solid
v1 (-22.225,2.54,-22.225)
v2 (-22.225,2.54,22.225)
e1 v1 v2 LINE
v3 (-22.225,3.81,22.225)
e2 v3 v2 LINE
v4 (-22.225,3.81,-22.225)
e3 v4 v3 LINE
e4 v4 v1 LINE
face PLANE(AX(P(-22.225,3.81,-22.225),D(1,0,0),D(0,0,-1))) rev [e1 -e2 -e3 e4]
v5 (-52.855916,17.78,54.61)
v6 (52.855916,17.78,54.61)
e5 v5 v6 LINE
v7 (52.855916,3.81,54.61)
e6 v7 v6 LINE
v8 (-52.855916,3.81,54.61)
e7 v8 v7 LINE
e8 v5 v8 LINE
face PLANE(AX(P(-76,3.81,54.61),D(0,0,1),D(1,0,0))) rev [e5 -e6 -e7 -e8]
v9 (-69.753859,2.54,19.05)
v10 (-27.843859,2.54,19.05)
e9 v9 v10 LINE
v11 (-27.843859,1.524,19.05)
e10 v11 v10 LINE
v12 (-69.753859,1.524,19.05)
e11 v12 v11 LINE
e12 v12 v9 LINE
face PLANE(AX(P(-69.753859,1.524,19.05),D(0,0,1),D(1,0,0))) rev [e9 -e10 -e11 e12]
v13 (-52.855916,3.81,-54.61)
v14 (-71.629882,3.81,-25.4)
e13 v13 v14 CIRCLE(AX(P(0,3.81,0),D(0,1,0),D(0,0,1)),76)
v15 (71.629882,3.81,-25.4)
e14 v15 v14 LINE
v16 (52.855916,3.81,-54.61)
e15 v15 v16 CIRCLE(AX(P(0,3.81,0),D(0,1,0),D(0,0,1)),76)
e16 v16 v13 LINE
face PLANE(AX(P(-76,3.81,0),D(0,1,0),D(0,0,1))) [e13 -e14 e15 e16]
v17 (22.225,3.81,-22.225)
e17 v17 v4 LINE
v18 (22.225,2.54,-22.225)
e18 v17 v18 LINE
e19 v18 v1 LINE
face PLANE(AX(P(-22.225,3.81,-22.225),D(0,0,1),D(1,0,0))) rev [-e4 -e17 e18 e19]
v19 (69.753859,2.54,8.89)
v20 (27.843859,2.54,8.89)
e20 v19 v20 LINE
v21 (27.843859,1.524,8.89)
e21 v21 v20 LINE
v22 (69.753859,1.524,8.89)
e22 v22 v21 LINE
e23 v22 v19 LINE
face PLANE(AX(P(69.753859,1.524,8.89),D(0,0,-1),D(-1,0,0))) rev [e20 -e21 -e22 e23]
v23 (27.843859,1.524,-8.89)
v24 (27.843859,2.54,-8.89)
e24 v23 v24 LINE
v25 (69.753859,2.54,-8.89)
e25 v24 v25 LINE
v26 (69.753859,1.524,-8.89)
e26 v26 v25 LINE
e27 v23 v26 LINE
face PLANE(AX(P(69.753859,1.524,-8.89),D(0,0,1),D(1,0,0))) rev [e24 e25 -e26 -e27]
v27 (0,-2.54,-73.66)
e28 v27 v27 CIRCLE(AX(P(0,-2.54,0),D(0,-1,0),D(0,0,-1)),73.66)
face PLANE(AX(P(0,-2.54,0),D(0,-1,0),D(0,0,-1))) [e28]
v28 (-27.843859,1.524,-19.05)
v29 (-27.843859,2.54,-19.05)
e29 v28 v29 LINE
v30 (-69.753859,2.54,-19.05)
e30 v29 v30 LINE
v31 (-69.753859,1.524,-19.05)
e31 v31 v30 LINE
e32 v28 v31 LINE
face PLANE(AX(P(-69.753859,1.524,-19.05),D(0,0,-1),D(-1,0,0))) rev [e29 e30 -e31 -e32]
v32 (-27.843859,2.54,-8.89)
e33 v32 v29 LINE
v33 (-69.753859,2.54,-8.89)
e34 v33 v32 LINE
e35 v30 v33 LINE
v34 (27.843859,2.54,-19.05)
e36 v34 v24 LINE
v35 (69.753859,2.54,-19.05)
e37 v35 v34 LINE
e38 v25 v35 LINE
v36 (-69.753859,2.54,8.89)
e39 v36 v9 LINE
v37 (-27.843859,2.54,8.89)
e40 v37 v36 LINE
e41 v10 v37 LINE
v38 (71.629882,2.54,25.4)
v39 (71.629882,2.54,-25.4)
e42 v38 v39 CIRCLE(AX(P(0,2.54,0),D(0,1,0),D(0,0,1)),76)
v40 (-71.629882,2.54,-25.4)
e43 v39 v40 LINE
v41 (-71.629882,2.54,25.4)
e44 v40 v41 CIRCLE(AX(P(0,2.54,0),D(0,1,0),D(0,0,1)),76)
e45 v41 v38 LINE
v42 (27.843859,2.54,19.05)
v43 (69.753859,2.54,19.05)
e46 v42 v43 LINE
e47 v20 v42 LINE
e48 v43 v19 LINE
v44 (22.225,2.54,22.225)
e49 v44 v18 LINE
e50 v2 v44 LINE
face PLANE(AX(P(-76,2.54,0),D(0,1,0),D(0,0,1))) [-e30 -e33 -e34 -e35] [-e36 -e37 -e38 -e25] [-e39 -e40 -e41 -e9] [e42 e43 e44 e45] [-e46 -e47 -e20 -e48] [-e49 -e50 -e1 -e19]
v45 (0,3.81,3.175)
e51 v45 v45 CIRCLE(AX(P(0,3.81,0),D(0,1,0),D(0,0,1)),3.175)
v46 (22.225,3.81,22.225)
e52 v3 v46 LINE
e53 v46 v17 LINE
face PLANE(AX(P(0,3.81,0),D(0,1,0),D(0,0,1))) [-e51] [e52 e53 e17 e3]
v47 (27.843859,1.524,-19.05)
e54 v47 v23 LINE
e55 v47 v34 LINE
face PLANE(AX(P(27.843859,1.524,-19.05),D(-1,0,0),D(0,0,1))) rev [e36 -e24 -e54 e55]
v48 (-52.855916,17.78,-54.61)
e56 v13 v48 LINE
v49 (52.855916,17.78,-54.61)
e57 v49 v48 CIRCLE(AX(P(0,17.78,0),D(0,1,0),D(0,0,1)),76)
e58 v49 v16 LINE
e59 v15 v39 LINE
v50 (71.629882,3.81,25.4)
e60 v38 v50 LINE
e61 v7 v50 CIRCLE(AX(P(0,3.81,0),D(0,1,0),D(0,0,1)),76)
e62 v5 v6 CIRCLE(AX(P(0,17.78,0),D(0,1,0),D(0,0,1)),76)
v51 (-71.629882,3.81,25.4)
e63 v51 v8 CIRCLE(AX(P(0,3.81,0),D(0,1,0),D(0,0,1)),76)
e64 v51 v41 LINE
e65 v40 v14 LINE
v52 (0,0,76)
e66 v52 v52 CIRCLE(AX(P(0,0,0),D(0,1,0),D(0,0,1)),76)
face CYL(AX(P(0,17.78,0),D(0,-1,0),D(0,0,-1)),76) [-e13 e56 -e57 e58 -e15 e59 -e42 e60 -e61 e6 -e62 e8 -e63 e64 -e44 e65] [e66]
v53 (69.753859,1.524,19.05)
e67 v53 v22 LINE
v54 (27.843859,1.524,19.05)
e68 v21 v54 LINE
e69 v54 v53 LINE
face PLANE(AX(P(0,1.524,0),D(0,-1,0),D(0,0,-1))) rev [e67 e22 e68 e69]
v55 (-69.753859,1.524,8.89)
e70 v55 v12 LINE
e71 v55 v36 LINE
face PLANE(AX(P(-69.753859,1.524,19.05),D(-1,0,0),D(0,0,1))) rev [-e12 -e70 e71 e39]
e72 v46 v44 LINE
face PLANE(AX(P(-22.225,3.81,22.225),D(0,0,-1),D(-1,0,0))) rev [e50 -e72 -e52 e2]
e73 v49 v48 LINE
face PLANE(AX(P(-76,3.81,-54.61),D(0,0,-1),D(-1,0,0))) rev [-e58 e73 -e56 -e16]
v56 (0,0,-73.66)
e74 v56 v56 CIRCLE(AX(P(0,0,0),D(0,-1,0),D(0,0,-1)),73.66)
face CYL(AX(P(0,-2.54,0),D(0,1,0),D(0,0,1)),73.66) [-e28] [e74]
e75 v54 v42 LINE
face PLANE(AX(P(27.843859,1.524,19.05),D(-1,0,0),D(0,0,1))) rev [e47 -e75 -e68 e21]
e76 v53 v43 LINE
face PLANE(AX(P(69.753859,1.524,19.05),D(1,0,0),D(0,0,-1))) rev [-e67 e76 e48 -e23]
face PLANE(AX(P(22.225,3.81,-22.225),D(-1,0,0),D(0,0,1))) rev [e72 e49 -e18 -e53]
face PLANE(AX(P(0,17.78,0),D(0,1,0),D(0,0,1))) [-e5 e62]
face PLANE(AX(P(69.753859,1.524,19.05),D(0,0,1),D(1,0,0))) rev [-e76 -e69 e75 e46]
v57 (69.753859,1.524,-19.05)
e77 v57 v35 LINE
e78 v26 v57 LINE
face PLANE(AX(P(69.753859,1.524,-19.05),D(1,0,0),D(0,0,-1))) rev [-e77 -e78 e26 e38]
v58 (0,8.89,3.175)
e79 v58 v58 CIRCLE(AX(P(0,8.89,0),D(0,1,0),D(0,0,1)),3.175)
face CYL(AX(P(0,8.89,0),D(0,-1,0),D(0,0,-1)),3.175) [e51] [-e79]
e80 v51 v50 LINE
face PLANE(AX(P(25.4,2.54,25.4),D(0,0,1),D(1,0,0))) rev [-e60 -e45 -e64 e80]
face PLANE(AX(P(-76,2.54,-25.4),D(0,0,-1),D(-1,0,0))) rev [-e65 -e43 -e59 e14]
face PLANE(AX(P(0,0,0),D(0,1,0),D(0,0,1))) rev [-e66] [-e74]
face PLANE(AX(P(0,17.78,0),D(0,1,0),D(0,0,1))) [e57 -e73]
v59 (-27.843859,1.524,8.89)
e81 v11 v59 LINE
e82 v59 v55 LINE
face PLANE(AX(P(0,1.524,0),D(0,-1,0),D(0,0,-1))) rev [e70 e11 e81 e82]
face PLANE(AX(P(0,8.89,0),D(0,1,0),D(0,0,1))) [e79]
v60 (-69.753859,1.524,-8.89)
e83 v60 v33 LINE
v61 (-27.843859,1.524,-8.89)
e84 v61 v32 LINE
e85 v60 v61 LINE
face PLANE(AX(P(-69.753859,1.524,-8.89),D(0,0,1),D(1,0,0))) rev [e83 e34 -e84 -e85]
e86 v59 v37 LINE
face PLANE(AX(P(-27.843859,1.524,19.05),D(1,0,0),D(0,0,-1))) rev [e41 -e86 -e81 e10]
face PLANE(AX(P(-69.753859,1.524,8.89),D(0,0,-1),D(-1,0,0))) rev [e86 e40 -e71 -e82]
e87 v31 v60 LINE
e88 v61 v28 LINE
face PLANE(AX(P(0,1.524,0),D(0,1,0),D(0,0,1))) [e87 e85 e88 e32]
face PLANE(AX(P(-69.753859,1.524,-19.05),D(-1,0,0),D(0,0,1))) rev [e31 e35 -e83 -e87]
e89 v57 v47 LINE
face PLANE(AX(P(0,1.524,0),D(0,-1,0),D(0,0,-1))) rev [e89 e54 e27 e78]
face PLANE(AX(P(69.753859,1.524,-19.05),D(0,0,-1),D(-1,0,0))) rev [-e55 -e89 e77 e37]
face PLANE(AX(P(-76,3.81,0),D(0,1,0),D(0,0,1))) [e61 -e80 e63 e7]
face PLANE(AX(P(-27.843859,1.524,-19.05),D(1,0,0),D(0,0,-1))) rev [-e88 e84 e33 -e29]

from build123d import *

# Parameters (mm, degrees)
SKETCH2_R           = 76
BOSS_EXTRUDE1_DEPTH = 17.78
CUT_EXTRUDE3_DEPTH  = 13.97
CUT_EXTRUDE5_DEPTH  = 1.27
SKETCH10_W          = 41.91
SKETCH10_H          = 10.16
CUT_EXTRUDE6_DEPTH  = 1.016
SKETCH11_W          = 44.45
SKETCH11_H          = 44.45
BOSS_EXTRUDE2_DEPTH = 1.27
SKETCH14_R          = 3.175
BOSS_EXTRUDE4_DEPTH = 5.08
SKETCH15_R          = 73.66
BOSS_EXTRUDE5_DEPTH = 2.54


with BuildPart() as part:
    # Sketch2 → Boss-Extrude1 (new body)
    with BuildSketch(Plane(origin=(0, 0, 0), x_dir=(1, 0, 0), z_dir=(0, 1, 0))):
        Circle(SKETCH2_R)
    extrude(amount=BOSS_EXTRUDE1_DEPTH)

    # Sketch6 → Cut-Extrude3 (cut)
    with BuildSketch(Plane(origin=(0, 17.78, 0), x_dir=(1, 0, 0), z_dir=(0, 1, 0))):
        with BuildLine():
            Line((-76, 54.61), (76, 54.61))
            ThreePointArc((76, 54.61), (130.61, 0), (76, -54.61))
            Line((76, -54.61), (-76, -54.61))
            ThreePointArc((-76, -54.61), (-130.61, 0), (-76, 54.61))
        make_face()
    extrude(amount=-CUT_EXTRUDE3_DEPTH, mode=Mode.SUBTRACT)

    # Sketch9 → Cut-Extrude5 (cut)
    with BuildSketch(Plane(origin=(0, 3.81, 0), x_dir=(1, 0, 0), z_dir=(0, 1, 0))):
        with BuildLine():
            Line((-76, 25.4), (-25.4, 25.4))
            Line((-25.4, 25.4), (25.4, 25.4))
            Line((25.4, 25.4), (76, 25.4))
            ThreePointArc((76, 25.4), (101.4, 0), (76, -25.4))
            Line((76, -25.4), (25.4, -25.4))
            Line((25.4, -25.4), (-25.4, -25.4))
            Line((-25.4, -25.4), (-76, -25.4))
            ThreePointArc((-76, -25.4), (-101.4, 0), (-76, 25.4))
        make_face()
    extrude(amount=-CUT_EXTRUDE5_DEPTH, mode=Mode.SUBTRACT)

    # Sketch10 → Cut-Extrude6 (cut)
    with BuildSketch(Plane(origin=(0, 2.54, 0), x_dir=(1, 0, 0), z_dir=(0, 1, 0))):
        with Locations((-48.79885899, 13.97)):
            Rectangle(SKETCH10_W, SKETCH10_H)
        with Locations((-48.79885899, -13.97)):
            Rectangle(SKETCH10_W, SKETCH10_H)
        with Locations((48.79885899, -13.97)):
            Rectangle(SKETCH10_W, SKETCH10_H)
        with Locations((48.79885899, 13.97)):
            Rectangle(SKETCH10_W, SKETCH10_H)
    extrude(amount=-CUT_EXTRUDE6_DEPTH, mode=Mode.SUBTRACT)

    # Sketch11 → Boss-Extrude2 (add)
    with BuildSketch(Plane(origin=(0, 2.54, 0), x_dir=(1, 0, 0), z_dir=(0, 1, 0))):
        Rectangle(SKETCH11_W, SKETCH11_H)
    extrude(amount=BOSS_EXTRUDE2_DEPTH)

    # Sketch14 → Boss-Extrude4 (add)
    with BuildSketch(Plane(origin=(0, 3.81, 0), x_dir=(1, 0, 0), z_dir=(0, 1, 0))):
        Circle(SKETCH14_R)
    extrude(amount=BOSS_EXTRUDE4_DEPTH)

    # Sketch15 → Boss-Extrude5 (add)
    with BuildSketch(Plane.XZ):
        Circle(SKETCH15_R)
    extrude(amount=BOSS_EXTRUDE5_DEPTH)


solid = part.part
